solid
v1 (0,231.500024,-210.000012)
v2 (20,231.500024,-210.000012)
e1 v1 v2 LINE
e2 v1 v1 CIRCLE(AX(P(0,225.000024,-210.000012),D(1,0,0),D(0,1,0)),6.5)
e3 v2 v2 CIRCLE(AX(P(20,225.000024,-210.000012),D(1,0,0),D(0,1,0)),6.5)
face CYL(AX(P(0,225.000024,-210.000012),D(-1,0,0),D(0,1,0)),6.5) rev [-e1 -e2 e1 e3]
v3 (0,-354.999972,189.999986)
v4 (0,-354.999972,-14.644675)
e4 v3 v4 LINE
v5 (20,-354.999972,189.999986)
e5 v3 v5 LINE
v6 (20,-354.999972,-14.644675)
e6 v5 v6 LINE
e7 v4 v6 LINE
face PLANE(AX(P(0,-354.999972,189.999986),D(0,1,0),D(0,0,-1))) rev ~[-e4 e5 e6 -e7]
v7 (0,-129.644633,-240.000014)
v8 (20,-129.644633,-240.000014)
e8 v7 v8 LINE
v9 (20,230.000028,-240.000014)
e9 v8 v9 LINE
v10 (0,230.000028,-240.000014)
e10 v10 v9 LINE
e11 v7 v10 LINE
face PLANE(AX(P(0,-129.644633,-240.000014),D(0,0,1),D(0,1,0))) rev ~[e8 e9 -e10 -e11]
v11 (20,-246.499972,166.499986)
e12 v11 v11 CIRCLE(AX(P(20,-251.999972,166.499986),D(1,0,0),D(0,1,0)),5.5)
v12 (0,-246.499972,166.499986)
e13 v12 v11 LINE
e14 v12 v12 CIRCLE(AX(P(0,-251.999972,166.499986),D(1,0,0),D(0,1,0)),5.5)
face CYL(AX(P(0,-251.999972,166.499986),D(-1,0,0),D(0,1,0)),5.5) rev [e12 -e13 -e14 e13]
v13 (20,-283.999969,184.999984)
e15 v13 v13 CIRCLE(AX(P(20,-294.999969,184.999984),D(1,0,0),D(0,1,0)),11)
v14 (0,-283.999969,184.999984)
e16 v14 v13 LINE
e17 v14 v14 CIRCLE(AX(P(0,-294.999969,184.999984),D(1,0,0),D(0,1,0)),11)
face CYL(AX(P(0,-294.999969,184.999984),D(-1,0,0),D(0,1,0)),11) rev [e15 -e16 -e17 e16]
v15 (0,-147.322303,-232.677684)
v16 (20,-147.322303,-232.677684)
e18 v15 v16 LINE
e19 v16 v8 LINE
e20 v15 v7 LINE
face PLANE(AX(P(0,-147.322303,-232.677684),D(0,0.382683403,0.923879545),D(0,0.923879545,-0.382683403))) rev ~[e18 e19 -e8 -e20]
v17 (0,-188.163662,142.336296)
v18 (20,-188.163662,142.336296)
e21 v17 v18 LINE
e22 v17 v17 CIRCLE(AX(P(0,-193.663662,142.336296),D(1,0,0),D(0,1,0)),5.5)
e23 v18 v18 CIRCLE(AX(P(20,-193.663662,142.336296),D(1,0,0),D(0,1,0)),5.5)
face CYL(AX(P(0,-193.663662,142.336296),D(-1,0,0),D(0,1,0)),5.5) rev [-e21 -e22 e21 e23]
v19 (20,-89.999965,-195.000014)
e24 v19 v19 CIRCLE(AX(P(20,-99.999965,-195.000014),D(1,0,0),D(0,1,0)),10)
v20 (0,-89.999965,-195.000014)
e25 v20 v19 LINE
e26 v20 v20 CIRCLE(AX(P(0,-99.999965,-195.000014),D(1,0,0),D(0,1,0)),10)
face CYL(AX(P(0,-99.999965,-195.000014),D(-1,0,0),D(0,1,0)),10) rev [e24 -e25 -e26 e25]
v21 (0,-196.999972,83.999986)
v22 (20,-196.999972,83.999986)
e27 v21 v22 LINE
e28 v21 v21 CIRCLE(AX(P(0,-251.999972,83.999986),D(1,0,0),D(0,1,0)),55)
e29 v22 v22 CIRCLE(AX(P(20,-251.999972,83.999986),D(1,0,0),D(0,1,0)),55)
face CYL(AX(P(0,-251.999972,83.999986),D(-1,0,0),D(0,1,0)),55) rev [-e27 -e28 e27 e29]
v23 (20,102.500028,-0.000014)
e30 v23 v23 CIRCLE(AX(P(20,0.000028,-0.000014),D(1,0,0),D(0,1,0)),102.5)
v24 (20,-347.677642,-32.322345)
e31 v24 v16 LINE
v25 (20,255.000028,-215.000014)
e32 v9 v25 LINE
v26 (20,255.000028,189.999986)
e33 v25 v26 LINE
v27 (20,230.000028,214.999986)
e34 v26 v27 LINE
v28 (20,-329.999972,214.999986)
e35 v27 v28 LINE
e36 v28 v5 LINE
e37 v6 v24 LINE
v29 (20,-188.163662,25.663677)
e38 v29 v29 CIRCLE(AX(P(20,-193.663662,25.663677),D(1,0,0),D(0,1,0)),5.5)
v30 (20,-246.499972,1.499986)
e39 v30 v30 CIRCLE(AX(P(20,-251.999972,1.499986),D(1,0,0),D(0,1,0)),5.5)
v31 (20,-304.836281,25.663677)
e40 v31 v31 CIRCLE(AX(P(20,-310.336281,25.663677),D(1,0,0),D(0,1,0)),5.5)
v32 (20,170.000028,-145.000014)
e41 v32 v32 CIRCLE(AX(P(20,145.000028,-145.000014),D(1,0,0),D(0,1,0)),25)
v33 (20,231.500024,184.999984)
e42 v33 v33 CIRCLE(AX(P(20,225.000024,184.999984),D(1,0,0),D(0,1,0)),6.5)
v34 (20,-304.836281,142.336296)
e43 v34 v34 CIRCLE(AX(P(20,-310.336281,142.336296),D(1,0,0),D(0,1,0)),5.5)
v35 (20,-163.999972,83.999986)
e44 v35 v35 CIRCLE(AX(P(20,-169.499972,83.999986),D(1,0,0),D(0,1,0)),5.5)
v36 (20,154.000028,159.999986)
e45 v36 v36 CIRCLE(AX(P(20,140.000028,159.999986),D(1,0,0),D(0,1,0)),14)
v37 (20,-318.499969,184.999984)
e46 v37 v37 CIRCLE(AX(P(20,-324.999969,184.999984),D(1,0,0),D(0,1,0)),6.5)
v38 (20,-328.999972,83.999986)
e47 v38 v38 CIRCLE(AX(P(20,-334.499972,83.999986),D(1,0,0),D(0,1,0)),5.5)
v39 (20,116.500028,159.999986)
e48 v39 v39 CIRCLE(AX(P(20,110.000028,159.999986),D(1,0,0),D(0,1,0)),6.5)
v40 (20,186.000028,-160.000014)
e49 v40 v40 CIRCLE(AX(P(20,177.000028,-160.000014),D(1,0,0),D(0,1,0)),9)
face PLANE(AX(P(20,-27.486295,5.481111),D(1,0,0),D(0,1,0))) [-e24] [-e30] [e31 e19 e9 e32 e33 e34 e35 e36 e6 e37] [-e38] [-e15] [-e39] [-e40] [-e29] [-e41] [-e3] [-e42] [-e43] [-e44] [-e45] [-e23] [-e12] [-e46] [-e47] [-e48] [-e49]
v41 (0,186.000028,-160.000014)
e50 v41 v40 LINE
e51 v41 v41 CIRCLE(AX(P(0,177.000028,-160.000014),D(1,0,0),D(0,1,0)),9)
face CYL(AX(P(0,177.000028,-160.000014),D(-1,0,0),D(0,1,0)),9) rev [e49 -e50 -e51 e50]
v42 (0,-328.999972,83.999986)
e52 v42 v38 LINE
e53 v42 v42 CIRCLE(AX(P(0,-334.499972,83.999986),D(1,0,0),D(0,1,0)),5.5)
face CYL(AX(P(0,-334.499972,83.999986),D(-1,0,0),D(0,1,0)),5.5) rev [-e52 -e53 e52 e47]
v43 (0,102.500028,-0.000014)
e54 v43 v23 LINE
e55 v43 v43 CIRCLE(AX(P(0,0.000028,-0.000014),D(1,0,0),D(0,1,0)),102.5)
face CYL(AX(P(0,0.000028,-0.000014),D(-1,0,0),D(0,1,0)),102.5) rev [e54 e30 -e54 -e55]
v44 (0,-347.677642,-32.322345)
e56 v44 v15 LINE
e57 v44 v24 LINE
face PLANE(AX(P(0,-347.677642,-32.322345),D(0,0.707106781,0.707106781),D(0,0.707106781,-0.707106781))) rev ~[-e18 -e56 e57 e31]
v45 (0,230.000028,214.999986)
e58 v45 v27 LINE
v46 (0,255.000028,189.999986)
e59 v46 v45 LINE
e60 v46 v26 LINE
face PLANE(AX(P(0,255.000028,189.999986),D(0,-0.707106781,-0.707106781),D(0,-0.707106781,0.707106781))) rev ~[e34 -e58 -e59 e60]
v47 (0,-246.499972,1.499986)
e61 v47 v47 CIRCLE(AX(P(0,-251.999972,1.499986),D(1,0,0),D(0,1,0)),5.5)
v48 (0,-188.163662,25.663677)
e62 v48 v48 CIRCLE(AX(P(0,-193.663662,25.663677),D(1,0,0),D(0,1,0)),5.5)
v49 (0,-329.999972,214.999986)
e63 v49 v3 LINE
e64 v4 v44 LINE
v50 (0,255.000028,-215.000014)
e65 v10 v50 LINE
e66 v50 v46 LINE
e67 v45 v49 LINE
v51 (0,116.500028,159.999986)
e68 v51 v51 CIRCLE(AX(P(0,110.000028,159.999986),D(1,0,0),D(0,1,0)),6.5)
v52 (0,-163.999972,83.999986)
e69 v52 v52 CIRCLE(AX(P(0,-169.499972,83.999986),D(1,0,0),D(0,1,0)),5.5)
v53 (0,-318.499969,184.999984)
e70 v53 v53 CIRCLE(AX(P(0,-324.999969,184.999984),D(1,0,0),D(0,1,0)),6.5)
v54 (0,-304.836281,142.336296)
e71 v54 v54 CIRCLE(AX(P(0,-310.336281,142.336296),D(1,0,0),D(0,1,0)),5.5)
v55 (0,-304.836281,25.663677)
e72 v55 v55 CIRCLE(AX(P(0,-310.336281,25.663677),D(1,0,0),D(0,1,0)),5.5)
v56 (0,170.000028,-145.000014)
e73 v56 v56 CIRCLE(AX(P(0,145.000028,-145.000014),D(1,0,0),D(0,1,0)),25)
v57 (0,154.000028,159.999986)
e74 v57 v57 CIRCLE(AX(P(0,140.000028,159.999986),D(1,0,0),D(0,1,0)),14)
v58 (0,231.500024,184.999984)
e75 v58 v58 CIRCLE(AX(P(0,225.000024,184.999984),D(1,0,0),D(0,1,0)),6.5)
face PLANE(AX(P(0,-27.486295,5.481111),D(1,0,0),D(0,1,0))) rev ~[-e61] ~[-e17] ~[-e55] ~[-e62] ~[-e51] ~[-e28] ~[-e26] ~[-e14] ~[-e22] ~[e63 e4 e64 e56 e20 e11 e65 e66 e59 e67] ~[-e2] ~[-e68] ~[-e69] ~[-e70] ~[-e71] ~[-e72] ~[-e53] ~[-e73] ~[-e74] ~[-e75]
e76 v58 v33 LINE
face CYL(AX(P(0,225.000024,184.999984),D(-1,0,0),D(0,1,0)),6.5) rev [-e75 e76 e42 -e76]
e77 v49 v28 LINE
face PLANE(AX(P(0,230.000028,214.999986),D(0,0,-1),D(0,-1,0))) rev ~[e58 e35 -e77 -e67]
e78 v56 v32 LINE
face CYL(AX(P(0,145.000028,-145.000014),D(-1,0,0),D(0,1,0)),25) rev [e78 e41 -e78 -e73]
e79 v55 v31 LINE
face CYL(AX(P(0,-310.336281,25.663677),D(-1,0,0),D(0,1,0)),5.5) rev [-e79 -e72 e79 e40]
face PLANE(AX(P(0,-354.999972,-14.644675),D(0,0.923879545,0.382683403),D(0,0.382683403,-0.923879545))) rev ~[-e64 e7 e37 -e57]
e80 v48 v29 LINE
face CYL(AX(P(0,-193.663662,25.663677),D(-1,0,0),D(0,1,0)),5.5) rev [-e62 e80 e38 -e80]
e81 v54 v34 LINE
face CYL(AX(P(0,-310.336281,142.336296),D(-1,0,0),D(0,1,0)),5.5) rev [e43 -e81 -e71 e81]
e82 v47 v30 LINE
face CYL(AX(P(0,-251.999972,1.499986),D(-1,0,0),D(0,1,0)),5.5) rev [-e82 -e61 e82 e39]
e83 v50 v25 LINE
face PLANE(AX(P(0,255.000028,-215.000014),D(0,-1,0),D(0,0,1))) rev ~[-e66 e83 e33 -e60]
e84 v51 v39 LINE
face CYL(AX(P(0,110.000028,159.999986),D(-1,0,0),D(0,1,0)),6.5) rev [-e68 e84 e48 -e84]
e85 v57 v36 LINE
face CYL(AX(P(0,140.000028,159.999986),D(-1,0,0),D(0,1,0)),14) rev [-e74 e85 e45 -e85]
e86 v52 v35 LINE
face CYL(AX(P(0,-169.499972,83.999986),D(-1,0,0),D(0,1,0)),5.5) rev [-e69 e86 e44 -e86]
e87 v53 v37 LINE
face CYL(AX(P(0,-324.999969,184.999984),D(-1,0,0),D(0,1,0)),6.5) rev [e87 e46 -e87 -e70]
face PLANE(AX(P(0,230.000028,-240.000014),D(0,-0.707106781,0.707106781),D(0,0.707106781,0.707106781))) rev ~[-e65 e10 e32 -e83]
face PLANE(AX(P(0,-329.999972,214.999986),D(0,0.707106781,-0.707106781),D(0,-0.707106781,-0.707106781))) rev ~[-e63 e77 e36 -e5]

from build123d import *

# Parameters (mm, degrees)
F0_R     = 10
F0_R_2   = 6.5
F0_R_3   = 9
F0_R_4   = 25
F0_R_5   = 5.5
F0_R_6   = 55
F0_R_7   = 11
F0_R_8   = 102.5
F0_R_9   = 14
F1_DEPTH = 20


with BuildPart() as f1:
    # F0 (on Right) → F1 (new body)
    with BuildSketch(Plane.YZ):
        Polygon((255.000028, -215.000014), (255.000028, 189.999986), (230.000028, 214.999986), (-329.999972, 214.999986), (-354.999972, 189.999986), (-354.999972, -14.644675), (-347.677642, -32.322345), (-147.322303, -232.677684), (-129.644633, -240.000014), (230.000028, -240.000014), align=None)
        with Locations((-99.999965, -195.000014)):
            Circle(F0_R, mode=Mode.SUBTRACT)
        with Locations((225.000024, -210.000012)):
            Circle(F0_R_2, mode=Mode.SUBTRACT)
        with Locations((177.000028, -160.000014)):
            Circle(F0_R_3, mode=Mode.SUBTRACT)
        with Locations((145.000028, -145.000014)):
            Circle(F0_R_4, mode=Mode.SUBTRACT)
        with Locations((-310.336281, 25.663677)):
            Circle(F0_R_5, mode=Mode.SUBTRACT)
        with Locations((-251.999972, 1.499986)):
            Circle(F0_R_5, mode=Mode.SUBTRACT)
        with Locations((-334.499972, 83.999986)):
            Circle(F0_R_5, mode=Mode.SUBTRACT)
        with Locations((-251.999972, 83.999986)):
            Circle(F0_R_6, mode=Mode.SUBTRACT)
        with Locations((-193.663662, 25.663677)):
            Circle(F0_R_5, mode=Mode.SUBTRACT)
        with Locations((-169.499972, 83.999986)):
            Circle(F0_R_5, mode=Mode.SUBTRACT)
        with Locations((-310.336281, 142.336296)):
            Circle(F0_R_5, mode=Mode.SUBTRACT)
        with Locations((-324.999969, 184.999984)):
            Circle(F0_R_2, mode=Mode.SUBTRACT)
        with Locations((-294.999969, 184.999984)):
            Circle(F0_R_7, mode=Mode.SUBTRACT)
        with Locations((-251.999972, 166.499986)):
            Circle(F0_R_5, mode=Mode.SUBTRACT)
        with Locations((-193.663662, 142.336296)):
            Circle(F0_R_5, mode=Mode.SUBTRACT)
        with Locations((2.8e-05, -1.4e-05)):
            Circle(F0_R_8, mode=Mode.SUBTRACT)
        with Locations((110.000028, 159.999986)):
            Circle(F0_R_2, mode=Mode.SUBTRACT)
        with Locations((140.000028, 159.999986)):
            Circle(F0_R_9, mode=Mode.SUBTRACT)
        with Locations((225.000024, 184.999984)):
            Circle(F0_R_2, mode=Mode.SUBTRACT)
    extrude(amount=F1_DEPTH)


solid = f1.part
